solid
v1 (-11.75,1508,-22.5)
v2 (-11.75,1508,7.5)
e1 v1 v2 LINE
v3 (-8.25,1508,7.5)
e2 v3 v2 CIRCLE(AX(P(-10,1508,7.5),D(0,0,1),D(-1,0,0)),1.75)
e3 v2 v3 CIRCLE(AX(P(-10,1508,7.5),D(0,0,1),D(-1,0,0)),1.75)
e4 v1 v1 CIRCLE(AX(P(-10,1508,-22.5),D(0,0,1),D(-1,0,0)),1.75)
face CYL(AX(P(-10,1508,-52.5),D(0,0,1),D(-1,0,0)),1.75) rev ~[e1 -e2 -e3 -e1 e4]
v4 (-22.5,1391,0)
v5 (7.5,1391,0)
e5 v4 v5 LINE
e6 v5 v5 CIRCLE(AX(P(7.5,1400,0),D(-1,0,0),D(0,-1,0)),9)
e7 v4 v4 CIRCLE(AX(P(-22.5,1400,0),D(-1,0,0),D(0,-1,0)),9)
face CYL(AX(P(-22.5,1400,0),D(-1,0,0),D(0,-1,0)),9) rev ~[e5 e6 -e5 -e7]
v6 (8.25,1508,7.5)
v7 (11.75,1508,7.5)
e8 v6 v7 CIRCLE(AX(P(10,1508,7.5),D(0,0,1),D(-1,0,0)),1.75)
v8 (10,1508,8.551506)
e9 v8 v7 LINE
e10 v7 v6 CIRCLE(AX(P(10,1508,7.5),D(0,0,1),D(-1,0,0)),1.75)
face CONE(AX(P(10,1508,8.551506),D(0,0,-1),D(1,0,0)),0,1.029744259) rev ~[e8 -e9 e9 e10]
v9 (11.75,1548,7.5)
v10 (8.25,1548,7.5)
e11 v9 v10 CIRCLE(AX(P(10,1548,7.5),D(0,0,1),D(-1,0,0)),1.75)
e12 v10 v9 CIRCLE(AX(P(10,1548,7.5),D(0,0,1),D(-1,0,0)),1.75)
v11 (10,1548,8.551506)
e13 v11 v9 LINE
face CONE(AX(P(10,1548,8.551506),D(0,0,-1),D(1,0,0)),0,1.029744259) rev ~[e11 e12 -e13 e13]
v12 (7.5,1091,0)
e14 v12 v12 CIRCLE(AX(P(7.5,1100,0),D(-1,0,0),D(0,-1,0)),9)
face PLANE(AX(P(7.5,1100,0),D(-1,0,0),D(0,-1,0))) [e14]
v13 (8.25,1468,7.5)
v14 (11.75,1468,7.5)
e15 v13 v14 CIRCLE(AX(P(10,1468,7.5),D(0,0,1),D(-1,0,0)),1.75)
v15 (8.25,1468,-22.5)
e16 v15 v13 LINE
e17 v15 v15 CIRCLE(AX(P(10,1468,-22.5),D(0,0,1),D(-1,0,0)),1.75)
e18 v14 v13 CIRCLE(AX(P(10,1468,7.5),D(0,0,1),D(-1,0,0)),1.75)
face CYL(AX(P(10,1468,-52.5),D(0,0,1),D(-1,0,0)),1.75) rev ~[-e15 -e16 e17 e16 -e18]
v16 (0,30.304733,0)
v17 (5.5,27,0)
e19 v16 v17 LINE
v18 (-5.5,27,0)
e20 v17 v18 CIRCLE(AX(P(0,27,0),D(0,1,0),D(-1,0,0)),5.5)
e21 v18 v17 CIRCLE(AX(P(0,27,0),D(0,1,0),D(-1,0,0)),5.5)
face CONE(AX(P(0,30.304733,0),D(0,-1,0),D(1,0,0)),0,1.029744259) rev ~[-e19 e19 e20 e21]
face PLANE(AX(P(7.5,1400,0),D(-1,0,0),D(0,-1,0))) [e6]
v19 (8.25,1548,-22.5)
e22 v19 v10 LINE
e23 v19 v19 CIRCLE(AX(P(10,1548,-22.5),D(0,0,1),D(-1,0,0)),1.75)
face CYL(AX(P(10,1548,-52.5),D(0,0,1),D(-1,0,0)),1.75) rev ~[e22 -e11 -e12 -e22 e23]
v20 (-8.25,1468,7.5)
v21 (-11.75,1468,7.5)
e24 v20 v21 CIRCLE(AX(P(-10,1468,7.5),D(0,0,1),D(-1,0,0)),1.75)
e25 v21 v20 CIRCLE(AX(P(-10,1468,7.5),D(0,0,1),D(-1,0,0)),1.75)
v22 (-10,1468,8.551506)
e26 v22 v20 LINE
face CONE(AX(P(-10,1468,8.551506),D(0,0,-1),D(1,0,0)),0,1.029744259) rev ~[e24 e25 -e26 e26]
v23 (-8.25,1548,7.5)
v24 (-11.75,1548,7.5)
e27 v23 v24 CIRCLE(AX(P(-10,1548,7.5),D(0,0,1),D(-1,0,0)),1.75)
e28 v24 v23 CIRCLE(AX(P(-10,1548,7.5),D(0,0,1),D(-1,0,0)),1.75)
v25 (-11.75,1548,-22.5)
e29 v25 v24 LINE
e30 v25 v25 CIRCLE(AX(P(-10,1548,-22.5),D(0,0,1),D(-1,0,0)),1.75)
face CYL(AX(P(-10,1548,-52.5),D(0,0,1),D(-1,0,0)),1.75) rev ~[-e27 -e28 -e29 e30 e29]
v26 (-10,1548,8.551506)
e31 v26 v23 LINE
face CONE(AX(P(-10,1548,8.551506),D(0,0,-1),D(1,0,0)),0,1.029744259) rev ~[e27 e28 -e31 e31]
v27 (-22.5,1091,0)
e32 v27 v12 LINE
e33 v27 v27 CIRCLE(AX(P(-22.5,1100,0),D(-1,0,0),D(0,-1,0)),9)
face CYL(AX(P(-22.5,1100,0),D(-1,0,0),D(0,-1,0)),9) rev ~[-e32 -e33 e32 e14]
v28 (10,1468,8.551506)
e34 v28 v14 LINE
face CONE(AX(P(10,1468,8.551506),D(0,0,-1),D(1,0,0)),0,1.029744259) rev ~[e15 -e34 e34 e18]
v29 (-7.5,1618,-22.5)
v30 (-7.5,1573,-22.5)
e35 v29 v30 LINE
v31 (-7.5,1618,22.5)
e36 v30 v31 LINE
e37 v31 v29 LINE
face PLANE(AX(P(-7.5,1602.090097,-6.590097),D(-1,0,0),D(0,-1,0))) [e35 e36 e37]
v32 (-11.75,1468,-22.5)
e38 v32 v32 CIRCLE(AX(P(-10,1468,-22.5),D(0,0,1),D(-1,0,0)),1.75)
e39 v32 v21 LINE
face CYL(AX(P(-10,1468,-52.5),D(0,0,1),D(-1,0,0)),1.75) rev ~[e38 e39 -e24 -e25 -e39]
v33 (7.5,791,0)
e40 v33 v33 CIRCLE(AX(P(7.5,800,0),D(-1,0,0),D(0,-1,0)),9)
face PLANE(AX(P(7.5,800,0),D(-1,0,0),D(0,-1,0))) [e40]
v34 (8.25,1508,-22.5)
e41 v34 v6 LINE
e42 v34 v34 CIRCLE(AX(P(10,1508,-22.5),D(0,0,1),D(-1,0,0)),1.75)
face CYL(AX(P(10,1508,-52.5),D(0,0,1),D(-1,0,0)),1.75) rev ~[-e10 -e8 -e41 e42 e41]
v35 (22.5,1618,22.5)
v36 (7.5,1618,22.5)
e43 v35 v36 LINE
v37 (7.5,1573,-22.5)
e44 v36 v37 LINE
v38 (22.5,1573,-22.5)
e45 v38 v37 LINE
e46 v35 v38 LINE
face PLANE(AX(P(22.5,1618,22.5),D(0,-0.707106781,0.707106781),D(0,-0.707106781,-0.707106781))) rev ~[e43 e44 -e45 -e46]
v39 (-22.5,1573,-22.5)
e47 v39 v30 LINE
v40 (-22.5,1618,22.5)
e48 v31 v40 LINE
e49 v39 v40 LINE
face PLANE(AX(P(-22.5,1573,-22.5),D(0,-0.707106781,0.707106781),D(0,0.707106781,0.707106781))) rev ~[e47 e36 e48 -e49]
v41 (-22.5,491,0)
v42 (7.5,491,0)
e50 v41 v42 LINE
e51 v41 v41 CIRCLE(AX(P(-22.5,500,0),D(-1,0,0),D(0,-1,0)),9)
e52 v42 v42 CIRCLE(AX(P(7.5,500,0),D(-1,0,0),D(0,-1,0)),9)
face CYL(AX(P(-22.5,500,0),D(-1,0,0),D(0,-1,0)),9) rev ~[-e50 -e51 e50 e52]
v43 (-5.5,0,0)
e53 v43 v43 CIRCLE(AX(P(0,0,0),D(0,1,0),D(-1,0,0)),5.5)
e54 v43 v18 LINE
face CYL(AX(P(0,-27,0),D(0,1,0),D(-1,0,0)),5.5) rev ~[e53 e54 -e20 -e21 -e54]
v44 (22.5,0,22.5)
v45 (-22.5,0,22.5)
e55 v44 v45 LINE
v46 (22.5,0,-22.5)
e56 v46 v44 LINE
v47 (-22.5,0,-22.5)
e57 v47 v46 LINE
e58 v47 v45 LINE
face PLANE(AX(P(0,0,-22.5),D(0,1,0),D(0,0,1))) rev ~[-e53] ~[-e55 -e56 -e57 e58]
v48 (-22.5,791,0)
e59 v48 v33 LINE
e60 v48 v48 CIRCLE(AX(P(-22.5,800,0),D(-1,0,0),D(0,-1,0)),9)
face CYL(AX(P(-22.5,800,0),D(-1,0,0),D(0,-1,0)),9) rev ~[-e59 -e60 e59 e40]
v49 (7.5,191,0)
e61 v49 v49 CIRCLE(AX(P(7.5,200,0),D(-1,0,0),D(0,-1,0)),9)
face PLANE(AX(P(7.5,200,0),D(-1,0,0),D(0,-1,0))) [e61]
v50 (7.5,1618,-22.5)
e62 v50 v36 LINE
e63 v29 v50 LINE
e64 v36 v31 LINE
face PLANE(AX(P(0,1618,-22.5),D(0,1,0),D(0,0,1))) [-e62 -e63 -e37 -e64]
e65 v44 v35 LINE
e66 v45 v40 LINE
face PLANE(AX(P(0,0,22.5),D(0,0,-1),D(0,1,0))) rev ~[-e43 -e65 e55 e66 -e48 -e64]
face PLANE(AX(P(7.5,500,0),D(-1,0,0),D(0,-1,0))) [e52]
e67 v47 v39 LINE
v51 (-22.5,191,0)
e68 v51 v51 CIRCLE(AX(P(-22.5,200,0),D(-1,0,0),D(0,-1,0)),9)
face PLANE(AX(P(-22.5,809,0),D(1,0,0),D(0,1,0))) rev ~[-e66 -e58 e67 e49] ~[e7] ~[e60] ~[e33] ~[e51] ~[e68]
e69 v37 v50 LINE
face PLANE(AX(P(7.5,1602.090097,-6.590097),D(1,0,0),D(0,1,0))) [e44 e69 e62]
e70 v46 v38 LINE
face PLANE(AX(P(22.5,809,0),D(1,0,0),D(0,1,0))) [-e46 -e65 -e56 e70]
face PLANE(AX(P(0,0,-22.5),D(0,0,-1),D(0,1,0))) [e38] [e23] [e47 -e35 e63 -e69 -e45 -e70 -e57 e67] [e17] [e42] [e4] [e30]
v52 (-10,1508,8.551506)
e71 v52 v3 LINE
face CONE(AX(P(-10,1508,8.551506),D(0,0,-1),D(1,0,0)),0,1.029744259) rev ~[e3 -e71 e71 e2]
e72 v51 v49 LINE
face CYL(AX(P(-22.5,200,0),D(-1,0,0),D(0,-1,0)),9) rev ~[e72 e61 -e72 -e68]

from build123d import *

# Parameters (mm, degrees)
F0_W      = 1618
F0_H      = 45
F1_DEPTH  = 22.5
F3_D      = 11
F3_DEPTH  = 27
F3_TIP    = 3.3047334047
F5_DEPTH  = 15
F7_DEPTH  = 15
F8_R      = 9
F9_DEPTH  = 30
F11_D     = 3.5
F11_DEPTH = 30
F11_TIP   = 1.0515060833


with BuildPart() as f1:
    # F0 (on Right) → F1 (new body, symmetric)
    with BuildSketch(Plane.YZ):
        with Locations((809, 0)):
            Rectangle(F0_W, F0_H)
    extrude(amount=F1_DEPTH, both=True)

    # F3
    with Locations(Plane.XZ):
        with Locations((0, 0)):
            Hole(F3_D / 2, depth=F3_DEPTH)
            with Locations((0, 0, -(F3_DEPTH + F3_TIP / 2))):  # 118° drill point
                Cone(0, F3_D / 2, F3_TIP, mode=Mode.SUBTRACT)

    # F4 (on face) → F5 (cut)
    with BuildSketch(Plane.YZ.offset(22.5)):
        Polygon((1618, -22.5), (1618, 22.5), (1573, -22.5), align=None)
    extrude(amount=-F5_DEPTH, mode=Mode.SUBTRACT)

    # F6 (on face) → F7 (cut)
    with BuildSketch(Plane(origin=(-22.5, 0, 0), x_dir=(0, -1, 0), z_dir=(-1, 0, 0))):
        Polygon((-1573, -22.5), (-1618, 22.5), (-1618, -22.5), align=None)
    extrude(amount=-F7_DEPTH, mode=Mode.SUBTRACT)

    # F8 (on face) → F9 (cut)
    with BuildSketch(Plane(origin=(-22.5, 0, 0), x_dir=(0, -1, 0), z_dir=(-1, 0, 0))):
        with Locations((-200, 0)):
            Circle(F8_R)
        with Locations((-500, 0)):
            Circle(F8_R)
        with Locations((-800, 0)):
            Circle(F8_R)
        with Locations((-1100, 0)):
            Circle(F8_R)
        with Locations((-1400, 0)):
            Circle(F8_R)
    extrude(amount=-F9_DEPTH, mode=Mode.SUBTRACT)

    # F11
    with Locations(Plane(origin=(0, 0, -22.5), x_dir=(1, 0, 0), z_dir=(0, 0, -1))):
        with Locations((10, -1548), (10, -1508), (10, -1468), (-10, -1468), (-10, -1508), (-10, -1548)):
            Hole(F11_D / 2, depth=F11_DEPTH)
            with Locations((0, 0, -(F11_DEPTH + F11_TIP / 2))):  # 118° drill point
                Cone(0, F11_D / 2, F11_TIP, mode=Mode.SUBTRACT)


solid = f1.part
